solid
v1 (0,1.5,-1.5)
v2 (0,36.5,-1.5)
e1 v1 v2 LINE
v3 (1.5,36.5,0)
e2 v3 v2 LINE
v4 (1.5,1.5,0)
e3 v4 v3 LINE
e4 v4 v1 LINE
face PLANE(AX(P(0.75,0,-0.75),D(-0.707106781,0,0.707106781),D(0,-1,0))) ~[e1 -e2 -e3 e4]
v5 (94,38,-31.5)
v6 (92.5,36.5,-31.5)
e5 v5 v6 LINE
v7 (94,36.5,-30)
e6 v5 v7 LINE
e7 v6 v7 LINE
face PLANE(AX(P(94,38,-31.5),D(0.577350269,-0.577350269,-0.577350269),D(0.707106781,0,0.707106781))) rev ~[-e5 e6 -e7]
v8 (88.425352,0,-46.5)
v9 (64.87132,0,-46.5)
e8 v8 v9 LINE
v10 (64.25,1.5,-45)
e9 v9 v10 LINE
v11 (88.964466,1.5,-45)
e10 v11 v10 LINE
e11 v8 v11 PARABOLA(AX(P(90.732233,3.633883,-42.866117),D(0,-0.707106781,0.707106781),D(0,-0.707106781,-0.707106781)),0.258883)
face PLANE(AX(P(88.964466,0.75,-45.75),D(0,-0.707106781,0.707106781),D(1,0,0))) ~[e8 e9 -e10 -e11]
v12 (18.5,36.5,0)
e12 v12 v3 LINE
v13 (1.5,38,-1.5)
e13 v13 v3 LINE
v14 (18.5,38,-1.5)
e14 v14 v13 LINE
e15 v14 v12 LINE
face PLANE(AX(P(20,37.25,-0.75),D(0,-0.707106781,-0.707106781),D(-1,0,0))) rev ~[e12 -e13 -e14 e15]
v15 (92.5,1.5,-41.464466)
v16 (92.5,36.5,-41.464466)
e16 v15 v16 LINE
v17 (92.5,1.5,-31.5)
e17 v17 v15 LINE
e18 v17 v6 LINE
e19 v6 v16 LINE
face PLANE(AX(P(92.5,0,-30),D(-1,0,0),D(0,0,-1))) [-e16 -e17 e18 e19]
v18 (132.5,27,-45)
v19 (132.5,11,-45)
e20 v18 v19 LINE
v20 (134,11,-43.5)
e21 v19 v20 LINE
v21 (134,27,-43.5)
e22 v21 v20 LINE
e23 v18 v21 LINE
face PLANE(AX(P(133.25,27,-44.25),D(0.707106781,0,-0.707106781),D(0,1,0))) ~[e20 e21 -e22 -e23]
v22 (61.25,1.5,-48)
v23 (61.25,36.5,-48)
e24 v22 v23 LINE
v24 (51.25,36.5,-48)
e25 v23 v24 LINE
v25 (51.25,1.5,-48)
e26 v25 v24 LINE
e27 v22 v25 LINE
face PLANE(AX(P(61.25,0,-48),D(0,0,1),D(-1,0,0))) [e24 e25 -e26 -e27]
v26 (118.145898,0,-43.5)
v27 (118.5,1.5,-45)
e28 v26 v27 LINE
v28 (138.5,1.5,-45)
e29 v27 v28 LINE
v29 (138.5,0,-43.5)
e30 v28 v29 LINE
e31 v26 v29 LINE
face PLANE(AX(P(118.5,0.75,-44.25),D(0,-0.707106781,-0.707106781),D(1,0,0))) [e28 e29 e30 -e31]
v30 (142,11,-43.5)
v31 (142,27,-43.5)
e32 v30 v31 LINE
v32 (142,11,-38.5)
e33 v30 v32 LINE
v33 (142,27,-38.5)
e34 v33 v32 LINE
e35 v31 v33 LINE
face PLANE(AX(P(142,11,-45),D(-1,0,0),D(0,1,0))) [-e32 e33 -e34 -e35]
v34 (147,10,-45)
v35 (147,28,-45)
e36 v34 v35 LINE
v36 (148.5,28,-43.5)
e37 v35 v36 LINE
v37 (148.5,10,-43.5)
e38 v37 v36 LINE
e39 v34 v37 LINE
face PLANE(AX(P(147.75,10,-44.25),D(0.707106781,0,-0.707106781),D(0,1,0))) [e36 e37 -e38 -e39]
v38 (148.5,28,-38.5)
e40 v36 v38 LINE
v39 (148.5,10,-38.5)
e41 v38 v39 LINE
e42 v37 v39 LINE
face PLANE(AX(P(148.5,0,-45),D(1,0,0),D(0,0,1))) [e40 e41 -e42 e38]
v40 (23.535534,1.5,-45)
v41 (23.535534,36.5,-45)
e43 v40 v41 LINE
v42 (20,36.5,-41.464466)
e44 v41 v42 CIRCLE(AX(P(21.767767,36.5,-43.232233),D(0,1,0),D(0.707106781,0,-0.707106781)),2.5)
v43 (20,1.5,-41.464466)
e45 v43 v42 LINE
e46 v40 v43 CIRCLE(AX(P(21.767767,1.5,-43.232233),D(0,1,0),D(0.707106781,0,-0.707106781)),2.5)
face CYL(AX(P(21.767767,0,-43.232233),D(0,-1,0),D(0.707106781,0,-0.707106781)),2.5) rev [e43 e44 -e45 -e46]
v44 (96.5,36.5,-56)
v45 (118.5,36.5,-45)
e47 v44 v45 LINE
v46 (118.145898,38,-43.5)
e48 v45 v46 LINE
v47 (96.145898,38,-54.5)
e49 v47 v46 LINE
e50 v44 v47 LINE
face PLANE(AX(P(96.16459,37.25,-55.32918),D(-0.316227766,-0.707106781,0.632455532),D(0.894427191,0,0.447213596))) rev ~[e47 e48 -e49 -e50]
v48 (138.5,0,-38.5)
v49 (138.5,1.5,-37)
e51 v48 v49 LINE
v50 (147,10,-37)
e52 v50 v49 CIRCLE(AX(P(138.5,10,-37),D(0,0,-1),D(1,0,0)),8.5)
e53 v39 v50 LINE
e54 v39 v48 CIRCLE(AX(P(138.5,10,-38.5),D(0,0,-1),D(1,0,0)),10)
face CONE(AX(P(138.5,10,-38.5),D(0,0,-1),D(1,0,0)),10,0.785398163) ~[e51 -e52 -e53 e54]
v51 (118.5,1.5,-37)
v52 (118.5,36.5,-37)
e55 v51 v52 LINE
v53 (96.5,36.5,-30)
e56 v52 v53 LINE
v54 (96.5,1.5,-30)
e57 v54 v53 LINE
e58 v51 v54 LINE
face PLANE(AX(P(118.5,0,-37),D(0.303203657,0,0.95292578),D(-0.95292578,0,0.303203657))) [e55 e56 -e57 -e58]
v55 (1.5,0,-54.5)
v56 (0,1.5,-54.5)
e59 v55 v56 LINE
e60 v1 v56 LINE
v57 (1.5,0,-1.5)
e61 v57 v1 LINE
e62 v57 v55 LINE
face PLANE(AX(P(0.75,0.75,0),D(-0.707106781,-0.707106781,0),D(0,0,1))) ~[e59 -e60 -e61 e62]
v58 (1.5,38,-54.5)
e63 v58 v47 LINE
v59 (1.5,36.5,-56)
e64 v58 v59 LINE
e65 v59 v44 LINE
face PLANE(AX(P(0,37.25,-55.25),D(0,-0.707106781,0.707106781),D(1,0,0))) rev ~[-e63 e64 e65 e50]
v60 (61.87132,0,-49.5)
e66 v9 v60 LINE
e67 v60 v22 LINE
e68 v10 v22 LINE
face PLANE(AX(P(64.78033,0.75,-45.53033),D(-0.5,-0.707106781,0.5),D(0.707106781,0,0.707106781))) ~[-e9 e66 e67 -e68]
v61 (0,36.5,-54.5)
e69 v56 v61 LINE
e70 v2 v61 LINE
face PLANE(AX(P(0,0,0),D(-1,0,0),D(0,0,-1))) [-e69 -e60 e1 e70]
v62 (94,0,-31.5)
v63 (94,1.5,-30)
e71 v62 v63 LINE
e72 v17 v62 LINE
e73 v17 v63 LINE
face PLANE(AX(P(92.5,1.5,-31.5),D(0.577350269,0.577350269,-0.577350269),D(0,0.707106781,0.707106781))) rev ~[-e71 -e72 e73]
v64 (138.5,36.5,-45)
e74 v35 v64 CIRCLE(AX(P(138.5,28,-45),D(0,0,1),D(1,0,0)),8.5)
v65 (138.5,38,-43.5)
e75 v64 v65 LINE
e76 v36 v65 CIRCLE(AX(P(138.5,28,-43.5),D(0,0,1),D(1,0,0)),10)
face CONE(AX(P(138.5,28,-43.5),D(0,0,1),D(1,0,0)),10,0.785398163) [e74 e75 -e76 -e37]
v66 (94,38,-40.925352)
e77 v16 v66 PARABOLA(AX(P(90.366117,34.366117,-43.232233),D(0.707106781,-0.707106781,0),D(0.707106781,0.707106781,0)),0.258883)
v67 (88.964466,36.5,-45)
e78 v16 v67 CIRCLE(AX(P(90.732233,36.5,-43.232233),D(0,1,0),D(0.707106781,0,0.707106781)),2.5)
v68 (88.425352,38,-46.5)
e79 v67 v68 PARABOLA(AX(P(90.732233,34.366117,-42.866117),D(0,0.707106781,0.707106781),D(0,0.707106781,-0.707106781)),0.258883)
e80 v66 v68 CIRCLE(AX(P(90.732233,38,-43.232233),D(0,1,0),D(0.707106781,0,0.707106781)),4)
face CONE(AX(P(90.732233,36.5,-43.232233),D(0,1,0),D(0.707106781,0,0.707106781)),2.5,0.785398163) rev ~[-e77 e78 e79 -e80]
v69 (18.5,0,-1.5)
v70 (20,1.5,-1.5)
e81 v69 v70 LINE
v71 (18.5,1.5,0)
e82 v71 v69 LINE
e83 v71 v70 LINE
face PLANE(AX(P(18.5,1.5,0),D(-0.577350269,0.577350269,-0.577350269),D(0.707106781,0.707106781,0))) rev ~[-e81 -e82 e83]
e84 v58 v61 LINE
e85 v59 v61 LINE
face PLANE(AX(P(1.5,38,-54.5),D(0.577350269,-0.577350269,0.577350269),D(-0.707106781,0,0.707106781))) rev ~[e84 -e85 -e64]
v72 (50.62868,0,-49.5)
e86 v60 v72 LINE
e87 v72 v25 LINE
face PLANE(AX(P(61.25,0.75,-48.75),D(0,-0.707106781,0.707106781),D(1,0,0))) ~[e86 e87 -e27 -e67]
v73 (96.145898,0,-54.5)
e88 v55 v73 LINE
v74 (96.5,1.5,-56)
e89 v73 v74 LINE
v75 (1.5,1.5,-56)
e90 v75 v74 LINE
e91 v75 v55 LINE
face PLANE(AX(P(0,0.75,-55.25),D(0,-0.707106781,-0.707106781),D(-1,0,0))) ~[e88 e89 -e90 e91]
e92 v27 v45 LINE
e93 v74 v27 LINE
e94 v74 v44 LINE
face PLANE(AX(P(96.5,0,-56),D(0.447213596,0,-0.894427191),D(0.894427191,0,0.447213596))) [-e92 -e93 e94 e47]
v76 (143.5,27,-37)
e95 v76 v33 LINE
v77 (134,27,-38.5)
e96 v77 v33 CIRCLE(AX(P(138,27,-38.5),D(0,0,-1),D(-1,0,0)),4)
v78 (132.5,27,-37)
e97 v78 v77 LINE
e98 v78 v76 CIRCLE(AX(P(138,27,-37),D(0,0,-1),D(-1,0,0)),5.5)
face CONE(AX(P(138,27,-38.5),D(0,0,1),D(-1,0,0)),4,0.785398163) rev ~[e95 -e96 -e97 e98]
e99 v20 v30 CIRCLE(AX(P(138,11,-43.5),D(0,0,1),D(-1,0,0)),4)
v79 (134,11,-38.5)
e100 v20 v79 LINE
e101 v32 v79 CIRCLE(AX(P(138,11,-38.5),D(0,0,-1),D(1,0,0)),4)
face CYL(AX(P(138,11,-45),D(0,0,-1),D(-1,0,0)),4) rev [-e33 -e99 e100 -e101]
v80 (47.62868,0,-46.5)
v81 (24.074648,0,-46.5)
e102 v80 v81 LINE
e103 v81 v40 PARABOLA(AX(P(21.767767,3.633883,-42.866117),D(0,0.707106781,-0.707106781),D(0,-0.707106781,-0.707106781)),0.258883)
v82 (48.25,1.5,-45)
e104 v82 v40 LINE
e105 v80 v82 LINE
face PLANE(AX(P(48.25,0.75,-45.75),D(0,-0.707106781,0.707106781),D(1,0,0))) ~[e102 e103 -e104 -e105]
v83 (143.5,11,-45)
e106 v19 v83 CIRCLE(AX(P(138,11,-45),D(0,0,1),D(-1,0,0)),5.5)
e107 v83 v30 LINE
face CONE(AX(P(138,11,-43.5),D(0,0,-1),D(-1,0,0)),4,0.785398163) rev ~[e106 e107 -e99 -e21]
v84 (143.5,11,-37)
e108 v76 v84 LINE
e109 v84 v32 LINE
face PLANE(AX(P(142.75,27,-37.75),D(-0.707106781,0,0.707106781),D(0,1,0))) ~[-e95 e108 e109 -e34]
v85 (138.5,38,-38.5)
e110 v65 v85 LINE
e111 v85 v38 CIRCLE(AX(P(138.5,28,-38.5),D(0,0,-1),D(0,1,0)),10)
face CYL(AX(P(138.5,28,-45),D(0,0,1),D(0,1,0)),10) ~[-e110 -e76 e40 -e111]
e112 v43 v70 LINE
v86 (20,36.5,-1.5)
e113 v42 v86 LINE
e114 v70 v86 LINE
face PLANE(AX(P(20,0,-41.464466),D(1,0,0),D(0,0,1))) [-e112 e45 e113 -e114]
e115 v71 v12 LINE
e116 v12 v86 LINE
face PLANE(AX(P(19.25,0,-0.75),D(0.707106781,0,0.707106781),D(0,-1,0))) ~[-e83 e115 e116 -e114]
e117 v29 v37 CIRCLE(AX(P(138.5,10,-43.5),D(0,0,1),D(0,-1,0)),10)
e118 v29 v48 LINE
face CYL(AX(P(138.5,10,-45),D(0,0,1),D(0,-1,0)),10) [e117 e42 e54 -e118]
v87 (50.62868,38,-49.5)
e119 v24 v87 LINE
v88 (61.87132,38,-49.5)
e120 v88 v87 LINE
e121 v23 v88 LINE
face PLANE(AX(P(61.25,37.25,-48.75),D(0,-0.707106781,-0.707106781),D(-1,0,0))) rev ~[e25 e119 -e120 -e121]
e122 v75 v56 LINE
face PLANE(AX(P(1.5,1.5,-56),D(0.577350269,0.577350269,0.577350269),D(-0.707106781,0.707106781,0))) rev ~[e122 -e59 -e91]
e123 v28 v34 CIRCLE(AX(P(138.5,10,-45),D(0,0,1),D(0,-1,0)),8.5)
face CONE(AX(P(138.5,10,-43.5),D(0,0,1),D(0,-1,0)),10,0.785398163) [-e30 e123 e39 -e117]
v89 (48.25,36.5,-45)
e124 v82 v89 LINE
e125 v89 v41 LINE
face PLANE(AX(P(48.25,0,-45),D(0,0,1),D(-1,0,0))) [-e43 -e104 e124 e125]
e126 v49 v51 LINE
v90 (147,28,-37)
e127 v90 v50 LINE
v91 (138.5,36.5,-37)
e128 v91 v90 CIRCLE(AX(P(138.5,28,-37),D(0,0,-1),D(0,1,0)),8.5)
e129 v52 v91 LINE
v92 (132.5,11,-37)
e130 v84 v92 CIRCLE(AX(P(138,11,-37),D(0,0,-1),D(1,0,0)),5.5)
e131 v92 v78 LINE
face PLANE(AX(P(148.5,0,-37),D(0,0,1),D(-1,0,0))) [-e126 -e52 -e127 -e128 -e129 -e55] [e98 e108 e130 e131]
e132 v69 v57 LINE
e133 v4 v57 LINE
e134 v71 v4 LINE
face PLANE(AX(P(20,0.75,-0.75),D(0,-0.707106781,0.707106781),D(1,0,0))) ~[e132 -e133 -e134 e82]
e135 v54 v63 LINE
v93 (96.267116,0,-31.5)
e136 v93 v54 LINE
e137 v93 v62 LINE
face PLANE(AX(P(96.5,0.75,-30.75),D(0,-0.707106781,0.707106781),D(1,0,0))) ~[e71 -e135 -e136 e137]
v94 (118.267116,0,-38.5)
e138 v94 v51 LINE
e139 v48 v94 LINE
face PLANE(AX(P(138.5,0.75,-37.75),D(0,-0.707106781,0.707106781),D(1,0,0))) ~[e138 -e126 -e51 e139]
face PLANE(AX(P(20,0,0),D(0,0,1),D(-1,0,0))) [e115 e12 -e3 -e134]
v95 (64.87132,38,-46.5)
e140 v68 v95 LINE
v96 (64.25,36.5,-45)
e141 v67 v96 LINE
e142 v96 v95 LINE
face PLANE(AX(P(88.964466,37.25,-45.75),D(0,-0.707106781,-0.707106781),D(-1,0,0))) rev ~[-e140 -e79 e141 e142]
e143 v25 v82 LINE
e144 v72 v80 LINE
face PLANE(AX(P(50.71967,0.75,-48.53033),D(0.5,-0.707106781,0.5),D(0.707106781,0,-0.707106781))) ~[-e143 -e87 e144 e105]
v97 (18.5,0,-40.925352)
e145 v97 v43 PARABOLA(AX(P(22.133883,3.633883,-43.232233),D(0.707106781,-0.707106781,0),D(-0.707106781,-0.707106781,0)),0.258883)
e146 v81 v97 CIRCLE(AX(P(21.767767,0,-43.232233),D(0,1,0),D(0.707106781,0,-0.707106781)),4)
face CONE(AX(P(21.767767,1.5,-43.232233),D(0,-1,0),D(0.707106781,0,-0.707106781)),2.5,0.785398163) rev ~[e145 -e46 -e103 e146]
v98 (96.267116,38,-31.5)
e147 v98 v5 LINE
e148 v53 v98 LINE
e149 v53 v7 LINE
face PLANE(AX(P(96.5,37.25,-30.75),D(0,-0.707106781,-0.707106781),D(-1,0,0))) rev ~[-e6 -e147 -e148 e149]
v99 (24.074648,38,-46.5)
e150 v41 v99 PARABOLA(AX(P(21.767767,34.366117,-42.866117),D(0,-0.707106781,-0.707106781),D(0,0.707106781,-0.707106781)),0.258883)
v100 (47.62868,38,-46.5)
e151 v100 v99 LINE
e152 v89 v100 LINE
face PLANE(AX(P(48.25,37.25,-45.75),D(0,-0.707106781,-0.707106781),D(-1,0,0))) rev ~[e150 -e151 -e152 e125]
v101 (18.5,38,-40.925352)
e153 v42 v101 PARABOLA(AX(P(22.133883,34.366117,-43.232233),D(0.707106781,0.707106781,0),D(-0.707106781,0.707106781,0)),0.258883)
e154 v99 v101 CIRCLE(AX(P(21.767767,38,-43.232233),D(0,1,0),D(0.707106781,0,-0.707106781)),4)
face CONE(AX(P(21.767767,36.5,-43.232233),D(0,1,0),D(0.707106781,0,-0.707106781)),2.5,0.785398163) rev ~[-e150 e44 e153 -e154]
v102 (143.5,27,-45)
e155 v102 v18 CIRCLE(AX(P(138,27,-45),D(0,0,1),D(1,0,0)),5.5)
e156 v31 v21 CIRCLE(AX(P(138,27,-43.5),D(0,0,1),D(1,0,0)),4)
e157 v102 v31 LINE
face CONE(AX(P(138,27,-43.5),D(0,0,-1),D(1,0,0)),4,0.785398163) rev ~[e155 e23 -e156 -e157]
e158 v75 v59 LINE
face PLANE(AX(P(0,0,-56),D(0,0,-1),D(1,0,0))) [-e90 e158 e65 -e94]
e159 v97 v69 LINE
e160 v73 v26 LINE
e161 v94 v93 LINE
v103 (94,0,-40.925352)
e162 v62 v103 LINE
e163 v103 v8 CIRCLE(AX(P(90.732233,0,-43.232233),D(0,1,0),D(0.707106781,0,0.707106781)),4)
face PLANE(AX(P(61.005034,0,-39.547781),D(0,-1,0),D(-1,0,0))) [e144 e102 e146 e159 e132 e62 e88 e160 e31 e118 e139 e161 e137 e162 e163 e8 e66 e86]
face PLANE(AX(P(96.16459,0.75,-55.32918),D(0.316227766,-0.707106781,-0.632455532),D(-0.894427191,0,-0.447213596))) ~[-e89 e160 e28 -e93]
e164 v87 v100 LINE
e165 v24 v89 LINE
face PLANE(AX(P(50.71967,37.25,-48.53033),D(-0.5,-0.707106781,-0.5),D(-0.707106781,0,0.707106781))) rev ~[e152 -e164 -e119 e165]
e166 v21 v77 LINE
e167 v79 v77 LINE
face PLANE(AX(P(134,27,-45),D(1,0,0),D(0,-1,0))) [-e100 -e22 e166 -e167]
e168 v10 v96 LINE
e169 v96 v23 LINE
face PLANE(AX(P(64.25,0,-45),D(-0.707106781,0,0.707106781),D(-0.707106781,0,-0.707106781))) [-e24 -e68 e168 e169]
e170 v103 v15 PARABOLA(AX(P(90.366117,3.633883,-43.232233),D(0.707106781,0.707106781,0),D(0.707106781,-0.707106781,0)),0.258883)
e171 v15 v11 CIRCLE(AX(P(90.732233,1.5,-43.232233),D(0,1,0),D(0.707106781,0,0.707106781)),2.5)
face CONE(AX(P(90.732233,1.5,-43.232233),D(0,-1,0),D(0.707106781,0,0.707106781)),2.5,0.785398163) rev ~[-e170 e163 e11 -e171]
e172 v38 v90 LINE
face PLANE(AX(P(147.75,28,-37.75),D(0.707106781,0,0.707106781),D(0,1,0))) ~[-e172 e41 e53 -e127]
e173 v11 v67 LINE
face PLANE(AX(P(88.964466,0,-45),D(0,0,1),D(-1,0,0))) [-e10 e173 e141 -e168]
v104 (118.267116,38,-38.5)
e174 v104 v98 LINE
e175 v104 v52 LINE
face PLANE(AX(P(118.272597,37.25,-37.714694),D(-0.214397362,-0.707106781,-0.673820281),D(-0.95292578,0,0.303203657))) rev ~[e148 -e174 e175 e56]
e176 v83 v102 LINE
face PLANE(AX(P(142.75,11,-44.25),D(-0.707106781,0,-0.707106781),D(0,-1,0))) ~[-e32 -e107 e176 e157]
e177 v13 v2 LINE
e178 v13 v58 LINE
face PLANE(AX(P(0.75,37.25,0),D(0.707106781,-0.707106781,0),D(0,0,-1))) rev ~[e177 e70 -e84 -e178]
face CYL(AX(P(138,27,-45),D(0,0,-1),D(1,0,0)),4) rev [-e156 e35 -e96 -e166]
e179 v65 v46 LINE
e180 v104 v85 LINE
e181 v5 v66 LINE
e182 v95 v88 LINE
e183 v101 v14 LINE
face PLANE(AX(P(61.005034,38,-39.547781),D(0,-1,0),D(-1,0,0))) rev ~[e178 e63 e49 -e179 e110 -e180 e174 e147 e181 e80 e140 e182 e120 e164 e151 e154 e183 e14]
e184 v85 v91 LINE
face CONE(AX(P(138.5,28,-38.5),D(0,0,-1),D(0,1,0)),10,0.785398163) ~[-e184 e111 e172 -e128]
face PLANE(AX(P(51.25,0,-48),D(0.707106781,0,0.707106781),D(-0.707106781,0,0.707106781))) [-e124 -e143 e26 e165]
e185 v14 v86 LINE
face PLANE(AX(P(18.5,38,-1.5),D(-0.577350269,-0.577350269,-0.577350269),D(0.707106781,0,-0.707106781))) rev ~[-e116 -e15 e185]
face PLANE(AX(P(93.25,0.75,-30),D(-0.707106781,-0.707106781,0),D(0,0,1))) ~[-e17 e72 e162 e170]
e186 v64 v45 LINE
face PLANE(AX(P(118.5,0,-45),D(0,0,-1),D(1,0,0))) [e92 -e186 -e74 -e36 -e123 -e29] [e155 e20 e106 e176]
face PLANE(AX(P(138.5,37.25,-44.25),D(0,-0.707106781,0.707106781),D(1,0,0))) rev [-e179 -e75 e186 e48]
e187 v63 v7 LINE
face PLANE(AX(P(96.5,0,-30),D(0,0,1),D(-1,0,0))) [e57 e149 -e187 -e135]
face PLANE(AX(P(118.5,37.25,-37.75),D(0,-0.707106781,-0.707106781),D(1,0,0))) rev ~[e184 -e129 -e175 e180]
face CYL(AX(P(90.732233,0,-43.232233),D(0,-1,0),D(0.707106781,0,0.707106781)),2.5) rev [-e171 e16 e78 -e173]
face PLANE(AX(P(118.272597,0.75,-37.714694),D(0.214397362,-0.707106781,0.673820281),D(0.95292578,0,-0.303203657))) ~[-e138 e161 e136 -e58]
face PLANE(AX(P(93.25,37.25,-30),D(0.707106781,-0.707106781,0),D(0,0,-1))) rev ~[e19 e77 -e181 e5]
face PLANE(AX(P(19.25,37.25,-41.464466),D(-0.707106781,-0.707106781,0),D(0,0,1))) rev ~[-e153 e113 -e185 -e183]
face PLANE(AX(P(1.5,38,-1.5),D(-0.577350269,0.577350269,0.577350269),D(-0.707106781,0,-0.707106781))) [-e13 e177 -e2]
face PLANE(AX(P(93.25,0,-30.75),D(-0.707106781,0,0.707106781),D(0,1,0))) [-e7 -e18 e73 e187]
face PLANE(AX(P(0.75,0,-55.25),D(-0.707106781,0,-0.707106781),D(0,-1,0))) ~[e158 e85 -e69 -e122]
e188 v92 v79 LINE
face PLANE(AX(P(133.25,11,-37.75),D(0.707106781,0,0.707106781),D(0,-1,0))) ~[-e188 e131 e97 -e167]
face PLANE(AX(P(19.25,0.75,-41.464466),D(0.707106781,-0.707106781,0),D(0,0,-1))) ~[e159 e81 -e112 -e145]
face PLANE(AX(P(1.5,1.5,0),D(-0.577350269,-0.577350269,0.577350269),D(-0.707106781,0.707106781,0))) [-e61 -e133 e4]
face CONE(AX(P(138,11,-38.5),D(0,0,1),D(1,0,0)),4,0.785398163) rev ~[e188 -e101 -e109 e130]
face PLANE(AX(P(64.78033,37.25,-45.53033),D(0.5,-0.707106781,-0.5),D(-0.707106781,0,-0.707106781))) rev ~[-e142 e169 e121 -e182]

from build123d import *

# Parameters (mm, degrees)
CREATE_PROFILE_DEPTH     = 38
CUT_SHACKLE_HOLE_DEPTH   = 160.753716702
ROUND_EDGES_R            = 10
UNECESSARY_CHAMFERS_SIZE = 1.5


with BuildPart() as part:
    # Sketch1 → Create profile (new body)
    with BuildSketch(Plane(origin=(0, 0, 0), x_dir=(1, 0, 0), z_dir=(0, 1, 0))):
        with BuildLine():
            Line((0, 0), (0, 56))
            Line((0, 56), (96.5, 56))
            Line((96.5, 56), (118.5, 45))
            Line((118.5, 45), (148.5, 45))
            Line((148.5, 45), (148.5, 37))
            Line((148.5, 37), (118.5, 37))
            Line((118.5, 37), (96.5, 30))
            Line((96.5, 30), (92.5, 30))
            Line((92.5, 30), (92.5, 41.464466094))
            ThreePointArc((92.5, 41.464466094), (92.5, 45), (88.964466094, 45))
            Line((88.964466094, 45), (64.25, 45))
            Line((64.25, 45), (61.25, 48))
            Line((61.25, 48), (51.25, 48))
            Line((51.25, 48), (48.25, 45))
            Line((48.25, 45), (23.535533906, 45))
            ThreePointArc((23.535533906, 45), (20, 45), (20, 41.464466094))
            Line((20, 41.464466094), (20, 0))
            Line((20, 0), (0, 0))
        make_face()
    extrude(amount=CREATE_PROFILE_DEPTH)

    # Sketch3 → Cut shackle hole (cut, through all)
    with BuildSketch(Plane(origin=(0, 0, -45), x_dir=(-1, 0, 0), z_dir=(0, 0, -1))):
        with BuildLine():
            Line((-134, 27), (-134, 11))
            ThreePointArc((-134, 11), (-138, 7), (-142, 11))
            Line((-142, 11), (-142, 27))
            ThreePointArc((-142, 27), (-138, 31), (-134, 27))
        make_face()
    extrude(amount=-CUT_SHACKLE_HOLE_DEPTH, mode=Mode.SUBTRACT)

    # Round Edges
    round_edges_edges = [part.edges().sort_by_distance(p)[0] for p in [
        (148.5, 0, -41),
        (148.5, 38, -41),
    ]]
    fillet(round_edges_edges, radius=ROUND_EDGES_R)

    # Unecessary chamfers
    unecessary_chamfers_edges = [part.edges().sort_by_distance(p)[0] for p in [
        (20, 38, -45),
        (35.892766953, 38, -45),
        (0, 0, -28),
        (48.25, 0, -56),
        (107.5, 0, -50.5),
        (128.5, 0, -37),
        (107.5, 0, -33.5),
        (94.5, 0, -30),
        (92.5, 0, -35.732233047),
        (49.75, 38, -46.5),
        (92.5, 0, -45),
        (76.607233047, 0, -45),
        (62.75, 0, -46.5),
        (56.25, 0, -48),
        (49.75, 0, -46.5),
        (35.892766953, 0, -45),
        (20, 0, -45),
        (20, 0, -20.732233047),
        (10, 0, 0),
        (56.25, 38, -48),
        (62.75, 38, -46.5),
        (0, 19, 0),
        (0, 19, -56),
        (92.5, 19, -30),
        (20, 19, 0),
        (76.607233047, 38, -45),
        (92.5, 38, -45),
        (92.5, 38, -35.732233047),
        (94.5, 38, -30),
        (107.5, 38, -33.5),
        (10, 38, 0),
        (128.5, 38, -37),
        (138, 31, -37),
        (134, 19, -37),
        (138, 7, -37),
        (142, 19, -37),
        (138, 31, -45),
        (142, 19, -45),
        (138, 7, -45),
        (134, 19, -45),
        (107.5, 38, -50.5),
        (48.25, 38, -56),
        (0, 38, -28),
        (148.5, 19, -45),
        (148.5, 19, -37),
        (128.5, 0, -45),
        (128.5, 38, -45),
        (145.571067812, 35.071067812, -45),
        (145.571067812, 2.928932188, -45),
        (145.571067812, 35.071067812, -37),
        (145.571067812, 2.928932188, -37),
        (20, 38, -20.732233047),
    ]]
    chamfer(unecessary_chamfers_edges, length=UNECESSARY_CHAMFERS_SIZE)


solid = part.part
